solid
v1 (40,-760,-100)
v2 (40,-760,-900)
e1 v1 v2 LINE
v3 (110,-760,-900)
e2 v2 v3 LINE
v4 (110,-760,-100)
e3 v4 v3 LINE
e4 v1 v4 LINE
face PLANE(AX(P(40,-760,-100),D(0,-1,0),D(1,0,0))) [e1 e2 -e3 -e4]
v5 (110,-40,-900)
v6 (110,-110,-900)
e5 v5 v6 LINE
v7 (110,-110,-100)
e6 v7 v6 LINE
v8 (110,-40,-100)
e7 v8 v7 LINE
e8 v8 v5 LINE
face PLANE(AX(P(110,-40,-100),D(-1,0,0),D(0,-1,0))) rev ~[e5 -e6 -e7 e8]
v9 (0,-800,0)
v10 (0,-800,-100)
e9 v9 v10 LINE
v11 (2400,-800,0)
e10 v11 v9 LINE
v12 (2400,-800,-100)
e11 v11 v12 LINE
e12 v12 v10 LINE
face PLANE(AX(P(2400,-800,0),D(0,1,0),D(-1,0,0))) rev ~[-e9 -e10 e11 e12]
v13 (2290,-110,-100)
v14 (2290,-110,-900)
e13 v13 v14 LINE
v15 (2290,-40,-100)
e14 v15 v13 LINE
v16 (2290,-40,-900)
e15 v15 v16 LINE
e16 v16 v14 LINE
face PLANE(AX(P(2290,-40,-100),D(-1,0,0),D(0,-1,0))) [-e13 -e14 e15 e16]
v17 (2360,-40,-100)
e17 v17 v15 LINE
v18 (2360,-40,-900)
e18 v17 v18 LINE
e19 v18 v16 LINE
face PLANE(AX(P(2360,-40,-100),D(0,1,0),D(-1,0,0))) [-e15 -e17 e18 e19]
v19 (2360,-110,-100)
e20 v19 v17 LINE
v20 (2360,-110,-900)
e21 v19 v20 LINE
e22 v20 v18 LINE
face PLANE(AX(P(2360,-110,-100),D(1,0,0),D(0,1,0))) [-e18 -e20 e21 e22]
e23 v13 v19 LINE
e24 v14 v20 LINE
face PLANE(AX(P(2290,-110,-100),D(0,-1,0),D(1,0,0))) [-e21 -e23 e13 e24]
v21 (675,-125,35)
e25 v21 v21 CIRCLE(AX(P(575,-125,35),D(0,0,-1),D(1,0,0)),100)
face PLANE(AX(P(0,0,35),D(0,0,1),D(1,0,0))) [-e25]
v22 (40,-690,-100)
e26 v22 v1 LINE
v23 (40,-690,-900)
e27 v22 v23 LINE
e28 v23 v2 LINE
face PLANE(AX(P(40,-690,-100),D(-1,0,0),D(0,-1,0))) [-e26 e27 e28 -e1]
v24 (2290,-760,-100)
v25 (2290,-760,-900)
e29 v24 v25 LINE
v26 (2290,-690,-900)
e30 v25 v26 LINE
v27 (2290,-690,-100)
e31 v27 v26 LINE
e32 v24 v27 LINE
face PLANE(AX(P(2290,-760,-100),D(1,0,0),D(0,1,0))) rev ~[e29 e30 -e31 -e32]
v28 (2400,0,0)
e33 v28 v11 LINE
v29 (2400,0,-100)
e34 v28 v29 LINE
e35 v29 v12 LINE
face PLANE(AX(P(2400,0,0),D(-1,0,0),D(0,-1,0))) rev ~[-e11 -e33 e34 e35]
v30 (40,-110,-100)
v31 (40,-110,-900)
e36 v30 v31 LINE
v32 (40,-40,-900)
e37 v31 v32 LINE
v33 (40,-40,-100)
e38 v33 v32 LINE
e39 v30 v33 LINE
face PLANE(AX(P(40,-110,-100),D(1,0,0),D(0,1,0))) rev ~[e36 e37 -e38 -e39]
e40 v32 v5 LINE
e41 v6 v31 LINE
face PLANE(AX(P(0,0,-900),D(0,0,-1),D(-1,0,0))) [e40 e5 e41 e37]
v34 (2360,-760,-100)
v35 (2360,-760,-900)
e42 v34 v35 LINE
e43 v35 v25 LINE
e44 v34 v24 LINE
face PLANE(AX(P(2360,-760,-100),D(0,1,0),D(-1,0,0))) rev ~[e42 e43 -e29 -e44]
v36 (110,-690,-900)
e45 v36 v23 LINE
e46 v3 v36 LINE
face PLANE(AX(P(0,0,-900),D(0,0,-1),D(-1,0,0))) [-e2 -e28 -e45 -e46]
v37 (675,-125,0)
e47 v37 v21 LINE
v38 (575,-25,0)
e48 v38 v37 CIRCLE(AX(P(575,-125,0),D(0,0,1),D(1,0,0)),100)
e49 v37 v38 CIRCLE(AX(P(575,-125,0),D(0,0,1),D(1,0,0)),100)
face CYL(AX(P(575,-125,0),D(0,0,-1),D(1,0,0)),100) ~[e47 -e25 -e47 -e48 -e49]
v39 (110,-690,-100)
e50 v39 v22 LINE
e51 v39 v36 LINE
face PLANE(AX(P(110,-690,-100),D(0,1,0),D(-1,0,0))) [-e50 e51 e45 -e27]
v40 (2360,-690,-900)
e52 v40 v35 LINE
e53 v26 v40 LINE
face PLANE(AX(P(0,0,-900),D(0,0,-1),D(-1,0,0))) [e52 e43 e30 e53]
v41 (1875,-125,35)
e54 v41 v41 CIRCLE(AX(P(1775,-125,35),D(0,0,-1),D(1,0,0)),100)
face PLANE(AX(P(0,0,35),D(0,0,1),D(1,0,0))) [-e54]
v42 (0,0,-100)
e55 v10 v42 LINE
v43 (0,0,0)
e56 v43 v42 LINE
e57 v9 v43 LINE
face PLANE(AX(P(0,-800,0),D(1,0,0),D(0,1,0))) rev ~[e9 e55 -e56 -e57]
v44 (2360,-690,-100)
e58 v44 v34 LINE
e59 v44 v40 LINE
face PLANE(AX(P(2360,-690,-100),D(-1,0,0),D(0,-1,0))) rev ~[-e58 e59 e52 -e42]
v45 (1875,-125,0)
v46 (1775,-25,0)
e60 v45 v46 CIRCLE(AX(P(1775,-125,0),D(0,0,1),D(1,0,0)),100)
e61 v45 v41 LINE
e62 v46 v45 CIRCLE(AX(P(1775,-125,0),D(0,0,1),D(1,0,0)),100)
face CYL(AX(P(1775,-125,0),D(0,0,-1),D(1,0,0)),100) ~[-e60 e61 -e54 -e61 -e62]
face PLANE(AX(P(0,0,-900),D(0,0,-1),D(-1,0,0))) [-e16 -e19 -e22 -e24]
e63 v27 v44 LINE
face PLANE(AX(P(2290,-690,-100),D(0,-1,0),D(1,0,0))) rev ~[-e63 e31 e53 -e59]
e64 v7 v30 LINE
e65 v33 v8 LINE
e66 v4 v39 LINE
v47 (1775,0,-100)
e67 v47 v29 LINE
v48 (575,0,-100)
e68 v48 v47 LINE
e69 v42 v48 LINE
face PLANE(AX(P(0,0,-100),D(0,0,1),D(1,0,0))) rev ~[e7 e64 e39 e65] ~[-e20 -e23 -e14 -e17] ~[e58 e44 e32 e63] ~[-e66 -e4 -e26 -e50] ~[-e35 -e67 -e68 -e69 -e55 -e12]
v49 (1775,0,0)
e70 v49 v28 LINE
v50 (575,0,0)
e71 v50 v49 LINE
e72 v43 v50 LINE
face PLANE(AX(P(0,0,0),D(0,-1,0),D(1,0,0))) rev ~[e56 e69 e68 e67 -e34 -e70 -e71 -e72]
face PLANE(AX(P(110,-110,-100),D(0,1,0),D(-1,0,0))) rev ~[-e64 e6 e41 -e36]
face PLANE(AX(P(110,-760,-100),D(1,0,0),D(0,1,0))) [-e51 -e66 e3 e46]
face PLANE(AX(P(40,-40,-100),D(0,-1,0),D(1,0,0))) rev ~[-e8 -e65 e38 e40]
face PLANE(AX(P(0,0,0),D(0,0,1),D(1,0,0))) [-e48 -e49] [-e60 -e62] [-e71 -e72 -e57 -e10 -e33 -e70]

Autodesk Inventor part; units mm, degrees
ref_plane "YZ Plane" through (0, 0, 0) normal (1, 0, 0) x (0, 1, 0)
ref_plane "XZ Plane" through (0, 0, 0) normal (0, 1, 0) x (-1, 0, 0)
ref_plane "XY Plane" through (0, 0, 0) normal (0, 0, 1) x (1, 0, 0)
sketch "Sketch1" plane through (0, 0, 0) normal (0, 0, 1) x (1, 0, 0)
  line L0 (0, 0) -> (2400, 0)
  line L1 (2400, 0) -> (2400, -800)
  line L2 (2400, -800) -> (0, -800)
  line L3 (0, -800) -> (0, 0)
  line L4 (0, 0) -> (575, 0)
  line L5 (575, 0) -> (575, -125)
  line L6 (0, 0) -> (1775, 0)
  line L7 (1775, 0) -> (1775, -125)
  circle A0 centre (575, -125) radius 100
  circle A1 centre (1775, -125) radius 100
  dimension "d0" = 2400
  dimension "d1" = 800
  dimension "d2" = 575
  dimension "d3" = 125
  dimension "d4" = 1775
  dimension "d5" = 200
extrude "Extrusion1" add sketch "Sketch1" along normal blind 35 contours A1 | A0
extrude "Extrusion2" add sketch "Sketch1" against normal blind 100
sketch "Sketch2" plane through (575, -125, 35) normal (0, 0, 1) x (1, 0, 0)
  point P0 (-575, 125)
extrude "Extrusion3" add sketch "Sketch1" against normal blind 100 contours A0
extrude "Extrusion4" add sketch "Sketch1" against normal blind 100 contours A1
sketch "Sketch3" plane through (0, 0, -100) normal (0, 0, -1) x (-1, 0, 0)
  point P0 (0, 0)
sketch "Sketch4" plane through (0, 0, -100) normal (0, 0, -1) x (-1, 0, 0)
  line L0 (0, 0) -> (-2400, 0) projected
  line L1 (0, 0) -> (0, -40)
  line L2 (0, -800) -> (0, 0) projected
  line L3 (0, -40) -> (-40, -40)
  line L4 (-40, -40) -> (-110, -40)
  line L5 (-110, -40) -> (-110, -110)
  line L6 (-110, -110) -> (-40, -110)
  line L7 (-40, -110) -> (-40, -40)
  line L8 (-2400, -800) -> (0, -800) projected
  line L9 (0, -800) -> (-40, -800)
  line L10 (0, -760) -> (0, -800)
  line L11 (-40, -760) -> (-110, -760)
  line L12 (-110, -760) -> (-110, -690)
  line L13 (-110, -690) -> (-40, -690)
  line L14 (-40, -690) -> (-40, -760)
  line L15 (-2400, 0) -> (-2400, -800) projected
  line L16 (-2400, 0) -> (-2400, -40)
  line L17 (-2400, -40) -> (-2360, -40)
  line L18 (-2400, -800) -> (-2400, -760)
  line L19 (-2400, -760) -> (-2360, -760)
  line L20 (-2360, -40) -> (-2290, -40)
  line L21 (-2290, -40) -> (-2290, -110)
  line L22 (-2290, -110) -> (-2360, -110)
  line L23 (-2360, -110) -> (-2360, -40)
  line L24 (-2360, -760) -> (-2290, -760)
  line L25 (-2290, -760) -> (-2290, -690)
  line L26 (-2290, -690) -> (-2360, -690)
  line L27 (-2360, -690) -> (-2360, -760)
  dimension "d14" = 40
  dimension "d15" = 40
  dimension "d16" = 70
  dimension "d17" = 70
  dimension "d18" = 40
  dimension "d19" = 40
  dimension "d20" = 70
  dimension "d21" = 70
  dimension "d22" = 40
  dimension "d23" = 40
  dimension "d24" = 70
  dimension "d25" = 70
  dimension "d26" = 70
  dimension "d27" = 70
extrude "Extrusion5" add sketch "Sketch4" along normal blind 800 contours L20 L21 L22 L23 | L27 L26 L25 L24 | L7 L6 L5 L4 | L11 L12 L13 L14
properties part number "Master-workspace"
